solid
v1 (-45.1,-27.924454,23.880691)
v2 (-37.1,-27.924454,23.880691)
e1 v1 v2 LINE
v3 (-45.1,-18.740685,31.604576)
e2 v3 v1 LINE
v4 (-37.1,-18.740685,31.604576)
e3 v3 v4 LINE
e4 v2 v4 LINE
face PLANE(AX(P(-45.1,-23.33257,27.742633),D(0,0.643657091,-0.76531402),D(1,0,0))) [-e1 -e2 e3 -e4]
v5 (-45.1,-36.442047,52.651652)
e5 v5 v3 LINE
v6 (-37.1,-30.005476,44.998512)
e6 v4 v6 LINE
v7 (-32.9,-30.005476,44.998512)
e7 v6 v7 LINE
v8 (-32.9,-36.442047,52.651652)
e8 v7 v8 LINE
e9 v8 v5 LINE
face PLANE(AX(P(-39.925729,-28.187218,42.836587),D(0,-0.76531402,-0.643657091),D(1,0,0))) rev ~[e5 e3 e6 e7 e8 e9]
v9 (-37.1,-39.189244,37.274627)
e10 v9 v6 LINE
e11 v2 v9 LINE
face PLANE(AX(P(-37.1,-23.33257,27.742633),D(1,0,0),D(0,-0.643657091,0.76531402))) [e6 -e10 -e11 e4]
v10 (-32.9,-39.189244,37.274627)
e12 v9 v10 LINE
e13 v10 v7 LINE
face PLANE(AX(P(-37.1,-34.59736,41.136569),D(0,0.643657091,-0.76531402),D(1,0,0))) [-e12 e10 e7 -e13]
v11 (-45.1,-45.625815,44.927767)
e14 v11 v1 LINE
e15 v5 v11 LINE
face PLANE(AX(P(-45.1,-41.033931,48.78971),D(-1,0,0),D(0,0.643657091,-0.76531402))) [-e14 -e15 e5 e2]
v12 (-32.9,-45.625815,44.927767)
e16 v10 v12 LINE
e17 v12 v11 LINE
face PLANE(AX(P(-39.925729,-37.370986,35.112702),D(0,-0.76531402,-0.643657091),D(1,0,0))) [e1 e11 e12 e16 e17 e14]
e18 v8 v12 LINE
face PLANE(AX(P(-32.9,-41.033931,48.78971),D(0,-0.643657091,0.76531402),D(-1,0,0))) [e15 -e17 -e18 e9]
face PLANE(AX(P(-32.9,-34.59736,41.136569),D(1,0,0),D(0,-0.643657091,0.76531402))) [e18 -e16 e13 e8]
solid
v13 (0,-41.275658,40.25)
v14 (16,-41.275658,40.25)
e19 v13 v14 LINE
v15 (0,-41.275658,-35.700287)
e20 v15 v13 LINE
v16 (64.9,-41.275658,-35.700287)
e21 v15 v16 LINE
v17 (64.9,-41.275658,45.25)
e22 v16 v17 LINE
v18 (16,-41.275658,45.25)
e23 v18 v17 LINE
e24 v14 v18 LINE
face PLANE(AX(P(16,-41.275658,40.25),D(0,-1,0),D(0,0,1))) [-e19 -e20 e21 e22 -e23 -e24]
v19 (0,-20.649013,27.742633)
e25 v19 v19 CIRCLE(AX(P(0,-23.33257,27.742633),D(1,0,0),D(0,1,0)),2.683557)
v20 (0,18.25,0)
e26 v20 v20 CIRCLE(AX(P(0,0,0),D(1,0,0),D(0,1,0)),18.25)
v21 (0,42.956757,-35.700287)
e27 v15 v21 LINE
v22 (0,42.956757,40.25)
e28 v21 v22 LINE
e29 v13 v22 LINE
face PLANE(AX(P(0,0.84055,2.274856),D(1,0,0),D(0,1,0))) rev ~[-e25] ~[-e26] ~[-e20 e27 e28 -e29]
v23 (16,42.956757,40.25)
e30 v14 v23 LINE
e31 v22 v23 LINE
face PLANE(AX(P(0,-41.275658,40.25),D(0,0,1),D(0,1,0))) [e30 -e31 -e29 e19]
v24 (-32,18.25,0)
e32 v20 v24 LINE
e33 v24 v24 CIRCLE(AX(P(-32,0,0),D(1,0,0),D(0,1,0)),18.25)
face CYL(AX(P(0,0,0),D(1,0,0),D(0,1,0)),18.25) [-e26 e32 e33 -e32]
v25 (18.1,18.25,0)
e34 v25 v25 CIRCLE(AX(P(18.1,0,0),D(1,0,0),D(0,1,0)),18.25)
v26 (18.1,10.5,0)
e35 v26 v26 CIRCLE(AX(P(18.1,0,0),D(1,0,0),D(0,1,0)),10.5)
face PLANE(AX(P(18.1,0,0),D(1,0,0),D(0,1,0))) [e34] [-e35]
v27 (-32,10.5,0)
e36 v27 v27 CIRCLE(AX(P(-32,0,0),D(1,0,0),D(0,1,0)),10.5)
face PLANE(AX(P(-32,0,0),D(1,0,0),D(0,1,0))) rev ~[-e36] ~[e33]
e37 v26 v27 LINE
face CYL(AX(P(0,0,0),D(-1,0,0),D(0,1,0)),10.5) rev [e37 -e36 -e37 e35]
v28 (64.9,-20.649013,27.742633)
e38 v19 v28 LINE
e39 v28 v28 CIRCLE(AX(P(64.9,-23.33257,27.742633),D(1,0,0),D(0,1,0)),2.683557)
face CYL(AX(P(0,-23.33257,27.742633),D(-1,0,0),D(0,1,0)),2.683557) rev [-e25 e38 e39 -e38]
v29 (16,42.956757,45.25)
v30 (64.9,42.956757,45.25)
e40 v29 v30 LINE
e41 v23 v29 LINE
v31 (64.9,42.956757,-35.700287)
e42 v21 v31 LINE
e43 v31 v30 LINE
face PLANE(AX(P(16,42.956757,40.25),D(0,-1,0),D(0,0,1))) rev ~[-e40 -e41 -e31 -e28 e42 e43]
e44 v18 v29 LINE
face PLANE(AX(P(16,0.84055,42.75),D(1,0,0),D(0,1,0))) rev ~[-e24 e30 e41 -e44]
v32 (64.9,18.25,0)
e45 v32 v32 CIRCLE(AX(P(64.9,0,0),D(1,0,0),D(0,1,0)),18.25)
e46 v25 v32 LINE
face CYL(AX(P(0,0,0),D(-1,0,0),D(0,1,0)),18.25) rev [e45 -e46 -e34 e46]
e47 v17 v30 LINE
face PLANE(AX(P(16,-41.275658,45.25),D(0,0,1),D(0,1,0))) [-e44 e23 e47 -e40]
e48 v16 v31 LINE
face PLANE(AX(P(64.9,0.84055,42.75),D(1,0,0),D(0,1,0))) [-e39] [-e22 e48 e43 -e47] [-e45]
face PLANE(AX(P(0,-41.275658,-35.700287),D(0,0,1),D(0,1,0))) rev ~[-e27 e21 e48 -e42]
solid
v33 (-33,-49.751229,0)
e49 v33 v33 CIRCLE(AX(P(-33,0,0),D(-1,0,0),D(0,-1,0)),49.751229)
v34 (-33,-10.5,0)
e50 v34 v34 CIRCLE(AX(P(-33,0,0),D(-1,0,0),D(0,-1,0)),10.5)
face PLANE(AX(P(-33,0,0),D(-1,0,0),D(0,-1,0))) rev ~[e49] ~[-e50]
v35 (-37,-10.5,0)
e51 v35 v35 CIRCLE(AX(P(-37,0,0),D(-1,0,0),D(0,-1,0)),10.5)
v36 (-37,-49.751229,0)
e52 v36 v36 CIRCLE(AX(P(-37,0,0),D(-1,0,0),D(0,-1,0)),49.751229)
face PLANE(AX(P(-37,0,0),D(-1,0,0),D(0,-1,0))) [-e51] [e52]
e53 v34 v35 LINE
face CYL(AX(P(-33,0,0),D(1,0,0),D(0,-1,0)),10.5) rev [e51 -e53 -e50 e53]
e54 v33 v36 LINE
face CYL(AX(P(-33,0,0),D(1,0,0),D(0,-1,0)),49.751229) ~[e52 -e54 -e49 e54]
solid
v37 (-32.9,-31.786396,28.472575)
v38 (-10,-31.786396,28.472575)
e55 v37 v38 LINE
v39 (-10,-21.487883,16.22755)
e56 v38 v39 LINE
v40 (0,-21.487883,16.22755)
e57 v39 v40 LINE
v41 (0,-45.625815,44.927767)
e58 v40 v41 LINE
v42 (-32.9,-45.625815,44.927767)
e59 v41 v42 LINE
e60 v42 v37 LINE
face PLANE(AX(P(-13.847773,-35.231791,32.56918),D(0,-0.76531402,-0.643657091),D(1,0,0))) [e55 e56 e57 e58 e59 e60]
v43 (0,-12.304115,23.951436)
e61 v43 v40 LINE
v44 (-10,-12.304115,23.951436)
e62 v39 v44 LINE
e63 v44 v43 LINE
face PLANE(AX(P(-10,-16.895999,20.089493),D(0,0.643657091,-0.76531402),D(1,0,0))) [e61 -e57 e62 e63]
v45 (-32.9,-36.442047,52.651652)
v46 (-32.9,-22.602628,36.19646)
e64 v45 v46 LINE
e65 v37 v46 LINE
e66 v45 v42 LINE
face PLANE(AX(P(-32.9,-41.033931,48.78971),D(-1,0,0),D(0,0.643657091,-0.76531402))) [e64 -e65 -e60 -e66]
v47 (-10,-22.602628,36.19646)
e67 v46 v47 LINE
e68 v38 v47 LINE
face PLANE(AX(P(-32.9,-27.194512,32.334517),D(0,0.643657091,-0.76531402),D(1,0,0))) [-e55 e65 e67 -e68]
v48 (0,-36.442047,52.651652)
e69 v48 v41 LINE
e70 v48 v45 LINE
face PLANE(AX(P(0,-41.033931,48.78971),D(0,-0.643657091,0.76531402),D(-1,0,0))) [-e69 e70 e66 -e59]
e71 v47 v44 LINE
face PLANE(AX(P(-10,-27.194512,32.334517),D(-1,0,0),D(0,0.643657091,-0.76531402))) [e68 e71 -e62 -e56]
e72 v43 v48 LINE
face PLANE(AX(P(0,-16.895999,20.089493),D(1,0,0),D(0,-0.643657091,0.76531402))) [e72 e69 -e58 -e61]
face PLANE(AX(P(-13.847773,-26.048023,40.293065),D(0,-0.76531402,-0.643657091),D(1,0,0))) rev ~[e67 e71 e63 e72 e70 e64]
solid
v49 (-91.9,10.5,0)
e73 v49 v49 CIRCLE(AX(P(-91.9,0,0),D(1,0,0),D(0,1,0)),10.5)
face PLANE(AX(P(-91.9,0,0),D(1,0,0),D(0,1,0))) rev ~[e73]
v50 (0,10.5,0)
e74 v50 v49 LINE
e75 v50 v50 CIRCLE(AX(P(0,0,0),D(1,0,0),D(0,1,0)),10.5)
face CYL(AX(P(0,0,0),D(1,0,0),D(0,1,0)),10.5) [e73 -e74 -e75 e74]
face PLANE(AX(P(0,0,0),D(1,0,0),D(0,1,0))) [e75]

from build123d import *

# Parameters (mm, degrees)
F0_W          = 84.2324148785
F0_H          = 75.9502873162
F0_R          = 18.25
F0_R_2        = 2.6835567487
F1_DEPTH      = 64.9
F2_START      = 16
F0_H_2        = 5
F2_DEPTH      = 48.9
F0_R_3        = 10.5
F3_DEPTH      = 32
F3_DEPTH_BACK = 18.1
F4_DEPTH      = 91.9
F6_R          = 49.7512294039
F6_R_2        = 10.5
F7_DEPTH      = 4
F10_DEPTH     = 6
F11_DEPTH     = 6


with BuildPart() as f1:
    # F0 (on Right) → F1 (new body)
    with BuildSketch(Plane.YZ):
        with Locations((0.8405496071, 2.2748563419)):
            Rectangle(F0_W, F0_H)
        Circle(F0_R, mode=Mode.SUBTRACT)
        with Locations((-23.3325695414, 27.7426332311)):
            Circle(F0_R_2, mode=Mode.SUBTRACT)
    extrude(amount=F1_DEPTH)

    # F0 (on Right) → F2 (join)
    with BuildSketch(Plane.YZ.offset(F2_START)):
        with Locations((0.8405496071, 42.75)):
            Rectangle(F0_W, F0_H_2)
    extrude(amount=F2_DEPTH)

    # F0 (on Right) → F3 (join, two sides)
    with BuildSketch(Plane.YZ) as f3_sk:
        Circle(F0_R)
        Circle(F0_R_3, mode=Mode.SUBTRACT)
    extrude(amount=-F3_DEPTH)
    extrude(f3_sk.sketch, amount=F3_DEPTH_BACK)


with BuildPart() as f4:
    # F0 (on Right) → F4 (new body)
    with BuildSketch(Plane.YZ):
        Circle(F0_R_3)
    extrude(amount=-F4_DEPTH)


with BuildPart() as f7:
    # F6 (on offset) → F7 (new body)
    with BuildSketch(Plane(origin=(-33, 0, 0), x_dir=(0, -1, 0), z_dir=(-1, 0, 0))):
        Circle(F6_R)
        Circle(F6_R_2, mode=Mode.SUBTRACT)
    extrude(amount=F7_DEPTH)


with BuildPart() as f10:
    # F9 (on 3pt) → F10 (new body, symmetric)
    with BuildSketch(Plane(origin=(0, 0, 0), x_dir=(1, 0, 0), z_dir=(0, -0.7653140202, -0.6436570908))):
        Polygon((-10, 26.25), (0, 26.25), (0, 63.7512294039), (-32.9, 63.7512294039), (-32.9, 53.7512294039), (-32.9, 42.25), (-10, 42.25), align=None)
    extrude(amount=F10_DEPTH, both=True)


with BuildPart() as f11:
    # F9 (on 3pt) → F11 (new body, symmetric)
    with BuildSketch(Plane(origin=(0, 0, 0), x_dir=(1, 0, 0), z_dir=(0, -0.7653140202, -0.6436570908))):
        Polygon((-32.9, 53.7512294039), (-32.9, 63.7512294039), (-45.1, 63.7512294039), (-45.1, 36.25), (-37.1, 36.25), (-37.1, 53.7512294039), align=None)
    extrude(amount=F11_DEPTH, both=True)


solid = Compound([f1.part, f4.part, f7.part, f10.part, f11.part])
